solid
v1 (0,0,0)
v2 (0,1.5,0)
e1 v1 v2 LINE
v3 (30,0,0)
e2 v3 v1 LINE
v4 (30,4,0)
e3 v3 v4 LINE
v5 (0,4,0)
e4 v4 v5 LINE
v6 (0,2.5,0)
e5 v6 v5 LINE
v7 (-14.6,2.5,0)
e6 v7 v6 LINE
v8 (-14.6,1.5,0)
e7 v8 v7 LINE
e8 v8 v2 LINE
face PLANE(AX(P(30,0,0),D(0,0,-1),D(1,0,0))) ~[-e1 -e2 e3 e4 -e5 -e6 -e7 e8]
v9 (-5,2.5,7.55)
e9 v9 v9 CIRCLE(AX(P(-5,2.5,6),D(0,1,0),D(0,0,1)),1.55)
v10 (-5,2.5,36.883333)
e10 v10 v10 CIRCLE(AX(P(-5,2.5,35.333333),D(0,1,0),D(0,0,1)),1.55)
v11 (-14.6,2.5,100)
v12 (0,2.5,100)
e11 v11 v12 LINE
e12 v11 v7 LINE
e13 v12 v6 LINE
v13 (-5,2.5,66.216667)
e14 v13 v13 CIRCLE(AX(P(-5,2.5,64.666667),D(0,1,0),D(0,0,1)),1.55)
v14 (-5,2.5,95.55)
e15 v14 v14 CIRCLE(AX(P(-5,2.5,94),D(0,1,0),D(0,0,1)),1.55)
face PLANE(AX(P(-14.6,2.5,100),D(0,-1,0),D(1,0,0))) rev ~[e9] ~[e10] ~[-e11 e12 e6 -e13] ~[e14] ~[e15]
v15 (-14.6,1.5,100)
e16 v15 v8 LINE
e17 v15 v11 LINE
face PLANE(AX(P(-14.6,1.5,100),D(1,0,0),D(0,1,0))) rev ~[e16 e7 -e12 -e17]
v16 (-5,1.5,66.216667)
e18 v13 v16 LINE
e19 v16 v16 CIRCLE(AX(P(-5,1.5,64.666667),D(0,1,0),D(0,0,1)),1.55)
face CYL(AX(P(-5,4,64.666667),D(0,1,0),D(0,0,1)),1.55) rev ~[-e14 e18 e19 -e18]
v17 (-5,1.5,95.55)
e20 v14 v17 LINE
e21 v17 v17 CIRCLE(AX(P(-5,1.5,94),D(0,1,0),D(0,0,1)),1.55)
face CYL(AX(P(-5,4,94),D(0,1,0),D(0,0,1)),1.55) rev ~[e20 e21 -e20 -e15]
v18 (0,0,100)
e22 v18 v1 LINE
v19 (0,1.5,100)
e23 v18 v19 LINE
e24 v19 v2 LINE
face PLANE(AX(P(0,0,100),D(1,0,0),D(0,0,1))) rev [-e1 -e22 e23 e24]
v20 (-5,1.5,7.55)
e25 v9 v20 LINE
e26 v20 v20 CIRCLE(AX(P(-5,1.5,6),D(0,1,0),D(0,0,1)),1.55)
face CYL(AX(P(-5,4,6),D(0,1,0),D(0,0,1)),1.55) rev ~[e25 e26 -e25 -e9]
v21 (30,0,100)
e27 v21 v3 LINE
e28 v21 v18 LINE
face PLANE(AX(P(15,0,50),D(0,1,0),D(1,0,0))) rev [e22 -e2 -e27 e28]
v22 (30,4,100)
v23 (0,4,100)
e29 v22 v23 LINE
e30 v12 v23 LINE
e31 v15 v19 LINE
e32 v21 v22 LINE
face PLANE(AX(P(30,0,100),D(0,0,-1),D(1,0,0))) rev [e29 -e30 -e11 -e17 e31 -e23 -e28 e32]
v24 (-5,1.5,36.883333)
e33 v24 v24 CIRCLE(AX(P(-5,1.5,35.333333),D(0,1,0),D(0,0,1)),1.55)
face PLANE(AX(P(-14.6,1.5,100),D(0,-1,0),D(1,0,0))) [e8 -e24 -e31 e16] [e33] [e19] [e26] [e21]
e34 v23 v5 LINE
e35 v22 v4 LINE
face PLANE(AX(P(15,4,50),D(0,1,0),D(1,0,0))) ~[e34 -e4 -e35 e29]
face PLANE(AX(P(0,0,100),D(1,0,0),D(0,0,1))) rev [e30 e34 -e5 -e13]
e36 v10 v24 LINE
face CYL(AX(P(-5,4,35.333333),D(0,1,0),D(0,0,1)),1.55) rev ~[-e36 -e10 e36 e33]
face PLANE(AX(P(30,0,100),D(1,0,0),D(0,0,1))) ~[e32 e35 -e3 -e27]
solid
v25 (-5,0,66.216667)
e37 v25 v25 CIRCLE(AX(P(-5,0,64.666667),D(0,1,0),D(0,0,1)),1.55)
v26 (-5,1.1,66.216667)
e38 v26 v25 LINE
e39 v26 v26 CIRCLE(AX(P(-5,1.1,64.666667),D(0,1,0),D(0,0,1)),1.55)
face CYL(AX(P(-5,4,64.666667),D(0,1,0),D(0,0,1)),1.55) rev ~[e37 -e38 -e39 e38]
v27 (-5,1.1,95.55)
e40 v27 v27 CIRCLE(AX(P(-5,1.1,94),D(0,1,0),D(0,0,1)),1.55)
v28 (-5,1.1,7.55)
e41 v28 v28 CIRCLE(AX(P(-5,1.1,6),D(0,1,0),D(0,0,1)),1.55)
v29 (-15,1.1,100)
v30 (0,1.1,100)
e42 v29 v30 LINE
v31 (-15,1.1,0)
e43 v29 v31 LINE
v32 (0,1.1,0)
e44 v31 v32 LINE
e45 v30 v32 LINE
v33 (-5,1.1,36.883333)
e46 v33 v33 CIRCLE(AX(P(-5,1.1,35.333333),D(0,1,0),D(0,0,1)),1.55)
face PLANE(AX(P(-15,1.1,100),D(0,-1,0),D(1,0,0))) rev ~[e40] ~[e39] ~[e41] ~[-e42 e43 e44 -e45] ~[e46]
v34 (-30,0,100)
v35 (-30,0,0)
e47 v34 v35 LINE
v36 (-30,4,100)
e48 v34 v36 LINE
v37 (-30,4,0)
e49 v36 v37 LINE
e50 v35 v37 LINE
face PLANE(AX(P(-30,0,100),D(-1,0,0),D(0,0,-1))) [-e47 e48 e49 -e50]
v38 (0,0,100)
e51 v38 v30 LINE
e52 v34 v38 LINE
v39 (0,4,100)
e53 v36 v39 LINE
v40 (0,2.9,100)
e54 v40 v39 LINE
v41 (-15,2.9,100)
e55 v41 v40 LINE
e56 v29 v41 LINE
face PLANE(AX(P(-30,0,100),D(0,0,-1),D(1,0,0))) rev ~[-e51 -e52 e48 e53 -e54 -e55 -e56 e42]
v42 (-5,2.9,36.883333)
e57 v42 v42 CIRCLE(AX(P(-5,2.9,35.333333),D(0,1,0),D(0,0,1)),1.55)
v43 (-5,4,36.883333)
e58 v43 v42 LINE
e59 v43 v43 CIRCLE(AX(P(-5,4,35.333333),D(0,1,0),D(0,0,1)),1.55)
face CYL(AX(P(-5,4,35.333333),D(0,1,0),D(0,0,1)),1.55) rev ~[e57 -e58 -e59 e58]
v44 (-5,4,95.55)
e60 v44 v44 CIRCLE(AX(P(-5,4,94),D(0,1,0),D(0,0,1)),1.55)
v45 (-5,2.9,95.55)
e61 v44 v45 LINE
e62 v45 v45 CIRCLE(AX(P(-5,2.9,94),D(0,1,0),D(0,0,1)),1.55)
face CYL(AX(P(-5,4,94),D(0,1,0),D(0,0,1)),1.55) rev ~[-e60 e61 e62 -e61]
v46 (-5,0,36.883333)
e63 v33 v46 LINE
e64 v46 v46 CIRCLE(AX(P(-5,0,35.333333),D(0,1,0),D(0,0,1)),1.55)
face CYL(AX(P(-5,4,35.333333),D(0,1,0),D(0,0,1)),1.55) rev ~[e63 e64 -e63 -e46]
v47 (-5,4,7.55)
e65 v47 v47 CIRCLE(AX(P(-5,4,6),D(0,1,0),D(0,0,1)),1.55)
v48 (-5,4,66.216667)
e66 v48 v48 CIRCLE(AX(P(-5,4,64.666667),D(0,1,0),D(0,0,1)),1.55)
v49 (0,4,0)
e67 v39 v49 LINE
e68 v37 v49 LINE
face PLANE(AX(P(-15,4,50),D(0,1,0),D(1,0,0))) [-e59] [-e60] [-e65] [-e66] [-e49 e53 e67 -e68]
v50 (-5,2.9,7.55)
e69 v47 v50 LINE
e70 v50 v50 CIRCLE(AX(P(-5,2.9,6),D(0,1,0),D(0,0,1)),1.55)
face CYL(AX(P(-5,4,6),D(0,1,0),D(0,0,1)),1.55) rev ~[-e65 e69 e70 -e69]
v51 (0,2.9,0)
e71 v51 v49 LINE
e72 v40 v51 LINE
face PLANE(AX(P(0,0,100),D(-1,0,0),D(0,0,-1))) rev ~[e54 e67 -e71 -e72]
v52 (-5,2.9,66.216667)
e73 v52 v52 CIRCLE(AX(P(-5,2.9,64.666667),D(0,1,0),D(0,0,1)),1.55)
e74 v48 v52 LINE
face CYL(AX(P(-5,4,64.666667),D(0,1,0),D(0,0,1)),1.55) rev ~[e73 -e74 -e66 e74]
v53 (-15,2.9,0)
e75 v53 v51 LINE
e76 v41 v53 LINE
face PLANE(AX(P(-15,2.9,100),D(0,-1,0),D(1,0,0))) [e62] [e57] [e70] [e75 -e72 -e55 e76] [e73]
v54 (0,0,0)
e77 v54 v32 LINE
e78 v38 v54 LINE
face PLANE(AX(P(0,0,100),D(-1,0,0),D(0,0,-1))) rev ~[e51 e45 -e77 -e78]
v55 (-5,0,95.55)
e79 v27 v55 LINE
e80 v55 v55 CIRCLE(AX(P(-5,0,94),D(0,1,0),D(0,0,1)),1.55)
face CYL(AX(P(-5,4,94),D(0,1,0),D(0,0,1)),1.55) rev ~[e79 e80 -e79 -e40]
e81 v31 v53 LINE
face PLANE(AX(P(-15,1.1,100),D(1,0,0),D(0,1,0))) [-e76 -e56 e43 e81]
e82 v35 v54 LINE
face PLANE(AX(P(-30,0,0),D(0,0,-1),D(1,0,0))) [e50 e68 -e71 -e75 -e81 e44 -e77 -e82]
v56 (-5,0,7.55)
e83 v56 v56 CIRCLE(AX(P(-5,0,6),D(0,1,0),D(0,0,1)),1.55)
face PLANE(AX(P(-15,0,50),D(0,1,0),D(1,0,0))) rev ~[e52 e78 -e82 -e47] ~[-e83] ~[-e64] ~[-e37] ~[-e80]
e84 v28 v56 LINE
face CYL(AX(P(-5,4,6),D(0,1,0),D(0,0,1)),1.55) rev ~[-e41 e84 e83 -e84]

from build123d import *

# Parameters (mm, degrees)
SKETCH1_W           = 30
SKETCH1_H           = 100
BOSS_EXTRUDE1_DEPTH = 4
SKETCH3_W           = 15
SKETCH3_H           = 1.8
CUT_EXTRUDE1_DEPTH  = 100
SKETCH5_W           = 14.6
SKETCH5_H           = 1
BOSS_EXTRUDE3_DEPTH = 100
SKETCH6_R           = 1.55
CUT_EXTRUDE2_DEPTH  = 4


with BuildPart() as part:
    # Sketch1 → Boss-Extrude1 (new body)
    with BuildSketch(Plane(origin=(0, 0, 0), x_dir=(1, 0, 0), z_dir=(0, 1, 0))):
        with Locations((-15, -50)):
            Rectangle(SKETCH1_W, SKETCH1_H)
    extrude(amount=BOSS_EXTRUDE1_DEPTH)


with BuildPart() as body_2:
    # Mirror1: mirrored copy
    add(part.part.mirror(Plane(origin=(0, 4, 0), x_dir=(0, 0, 1), z_dir=(-1, 0, 0))))

    # Sketch5 → Boss-Extrude3 (add)
    with BuildSketch(Plane.XY.offset(100)):
        with Locations((-7.3, 2)):
            Rectangle(SKETCH5_W, SKETCH5_H)
    extrude(amount=-BOSS_EXTRUDE3_DEPTH)


with BuildPart() as part_1:
    add(part.part)

    # Sketch3 → Cut-Extrude1 (cut)
    with BuildSketch(Plane.XY.offset(100)):
        with Locations((-7.5, 2)):
            Rectangle(SKETCH3_W, SKETCH3_H)
    extrude(amount=-CUT_EXTRUDE1_DEPTH, mode=Mode.SUBTRACT)


with BuildPart() as cut_extrude2_tool:
    # Sketch6 → Cut-Extrude2 (new body)
    with BuildSketch(Plane(origin=(0, 4, 0), x_dir=(1, 0, 0), z_dir=(0, 1, 0))):
        with Locations(Location((-5, -6, 0), (0, 0, 270))):
            Circle(SKETCH6_R)
        with Locations(Location((-5, -35.333333333, 0), (0, 0, 270))):
            Circle(SKETCH6_R)
        with Locations(Location((-5, -94, 0), (0, 0, 270))):
            Circle(SKETCH6_R)
        with Locations(Location((-5, -64.666666667, 0), (0, 0, 270))):
            Circle(SKETCH6_R)
    extrude(amount=-CUT_EXTRUDE2_DEPTH)


with BuildPart() as part_2:
    add(part_1.part)

    # Cut-Extrude2: cut by cut_extrude2_tool
    add(cut_extrude2_tool.part, mode=Mode.SUBTRACT)


with BuildPart() as body_2_1:
    add(body_2.part)

    # Cut-Extrude2: cut by cut_extrude2_tool
    add(cut_extrude2_tool.part, mode=Mode.SUBTRACT)


solid = Compound([part_2.part, body_2_1.part])
